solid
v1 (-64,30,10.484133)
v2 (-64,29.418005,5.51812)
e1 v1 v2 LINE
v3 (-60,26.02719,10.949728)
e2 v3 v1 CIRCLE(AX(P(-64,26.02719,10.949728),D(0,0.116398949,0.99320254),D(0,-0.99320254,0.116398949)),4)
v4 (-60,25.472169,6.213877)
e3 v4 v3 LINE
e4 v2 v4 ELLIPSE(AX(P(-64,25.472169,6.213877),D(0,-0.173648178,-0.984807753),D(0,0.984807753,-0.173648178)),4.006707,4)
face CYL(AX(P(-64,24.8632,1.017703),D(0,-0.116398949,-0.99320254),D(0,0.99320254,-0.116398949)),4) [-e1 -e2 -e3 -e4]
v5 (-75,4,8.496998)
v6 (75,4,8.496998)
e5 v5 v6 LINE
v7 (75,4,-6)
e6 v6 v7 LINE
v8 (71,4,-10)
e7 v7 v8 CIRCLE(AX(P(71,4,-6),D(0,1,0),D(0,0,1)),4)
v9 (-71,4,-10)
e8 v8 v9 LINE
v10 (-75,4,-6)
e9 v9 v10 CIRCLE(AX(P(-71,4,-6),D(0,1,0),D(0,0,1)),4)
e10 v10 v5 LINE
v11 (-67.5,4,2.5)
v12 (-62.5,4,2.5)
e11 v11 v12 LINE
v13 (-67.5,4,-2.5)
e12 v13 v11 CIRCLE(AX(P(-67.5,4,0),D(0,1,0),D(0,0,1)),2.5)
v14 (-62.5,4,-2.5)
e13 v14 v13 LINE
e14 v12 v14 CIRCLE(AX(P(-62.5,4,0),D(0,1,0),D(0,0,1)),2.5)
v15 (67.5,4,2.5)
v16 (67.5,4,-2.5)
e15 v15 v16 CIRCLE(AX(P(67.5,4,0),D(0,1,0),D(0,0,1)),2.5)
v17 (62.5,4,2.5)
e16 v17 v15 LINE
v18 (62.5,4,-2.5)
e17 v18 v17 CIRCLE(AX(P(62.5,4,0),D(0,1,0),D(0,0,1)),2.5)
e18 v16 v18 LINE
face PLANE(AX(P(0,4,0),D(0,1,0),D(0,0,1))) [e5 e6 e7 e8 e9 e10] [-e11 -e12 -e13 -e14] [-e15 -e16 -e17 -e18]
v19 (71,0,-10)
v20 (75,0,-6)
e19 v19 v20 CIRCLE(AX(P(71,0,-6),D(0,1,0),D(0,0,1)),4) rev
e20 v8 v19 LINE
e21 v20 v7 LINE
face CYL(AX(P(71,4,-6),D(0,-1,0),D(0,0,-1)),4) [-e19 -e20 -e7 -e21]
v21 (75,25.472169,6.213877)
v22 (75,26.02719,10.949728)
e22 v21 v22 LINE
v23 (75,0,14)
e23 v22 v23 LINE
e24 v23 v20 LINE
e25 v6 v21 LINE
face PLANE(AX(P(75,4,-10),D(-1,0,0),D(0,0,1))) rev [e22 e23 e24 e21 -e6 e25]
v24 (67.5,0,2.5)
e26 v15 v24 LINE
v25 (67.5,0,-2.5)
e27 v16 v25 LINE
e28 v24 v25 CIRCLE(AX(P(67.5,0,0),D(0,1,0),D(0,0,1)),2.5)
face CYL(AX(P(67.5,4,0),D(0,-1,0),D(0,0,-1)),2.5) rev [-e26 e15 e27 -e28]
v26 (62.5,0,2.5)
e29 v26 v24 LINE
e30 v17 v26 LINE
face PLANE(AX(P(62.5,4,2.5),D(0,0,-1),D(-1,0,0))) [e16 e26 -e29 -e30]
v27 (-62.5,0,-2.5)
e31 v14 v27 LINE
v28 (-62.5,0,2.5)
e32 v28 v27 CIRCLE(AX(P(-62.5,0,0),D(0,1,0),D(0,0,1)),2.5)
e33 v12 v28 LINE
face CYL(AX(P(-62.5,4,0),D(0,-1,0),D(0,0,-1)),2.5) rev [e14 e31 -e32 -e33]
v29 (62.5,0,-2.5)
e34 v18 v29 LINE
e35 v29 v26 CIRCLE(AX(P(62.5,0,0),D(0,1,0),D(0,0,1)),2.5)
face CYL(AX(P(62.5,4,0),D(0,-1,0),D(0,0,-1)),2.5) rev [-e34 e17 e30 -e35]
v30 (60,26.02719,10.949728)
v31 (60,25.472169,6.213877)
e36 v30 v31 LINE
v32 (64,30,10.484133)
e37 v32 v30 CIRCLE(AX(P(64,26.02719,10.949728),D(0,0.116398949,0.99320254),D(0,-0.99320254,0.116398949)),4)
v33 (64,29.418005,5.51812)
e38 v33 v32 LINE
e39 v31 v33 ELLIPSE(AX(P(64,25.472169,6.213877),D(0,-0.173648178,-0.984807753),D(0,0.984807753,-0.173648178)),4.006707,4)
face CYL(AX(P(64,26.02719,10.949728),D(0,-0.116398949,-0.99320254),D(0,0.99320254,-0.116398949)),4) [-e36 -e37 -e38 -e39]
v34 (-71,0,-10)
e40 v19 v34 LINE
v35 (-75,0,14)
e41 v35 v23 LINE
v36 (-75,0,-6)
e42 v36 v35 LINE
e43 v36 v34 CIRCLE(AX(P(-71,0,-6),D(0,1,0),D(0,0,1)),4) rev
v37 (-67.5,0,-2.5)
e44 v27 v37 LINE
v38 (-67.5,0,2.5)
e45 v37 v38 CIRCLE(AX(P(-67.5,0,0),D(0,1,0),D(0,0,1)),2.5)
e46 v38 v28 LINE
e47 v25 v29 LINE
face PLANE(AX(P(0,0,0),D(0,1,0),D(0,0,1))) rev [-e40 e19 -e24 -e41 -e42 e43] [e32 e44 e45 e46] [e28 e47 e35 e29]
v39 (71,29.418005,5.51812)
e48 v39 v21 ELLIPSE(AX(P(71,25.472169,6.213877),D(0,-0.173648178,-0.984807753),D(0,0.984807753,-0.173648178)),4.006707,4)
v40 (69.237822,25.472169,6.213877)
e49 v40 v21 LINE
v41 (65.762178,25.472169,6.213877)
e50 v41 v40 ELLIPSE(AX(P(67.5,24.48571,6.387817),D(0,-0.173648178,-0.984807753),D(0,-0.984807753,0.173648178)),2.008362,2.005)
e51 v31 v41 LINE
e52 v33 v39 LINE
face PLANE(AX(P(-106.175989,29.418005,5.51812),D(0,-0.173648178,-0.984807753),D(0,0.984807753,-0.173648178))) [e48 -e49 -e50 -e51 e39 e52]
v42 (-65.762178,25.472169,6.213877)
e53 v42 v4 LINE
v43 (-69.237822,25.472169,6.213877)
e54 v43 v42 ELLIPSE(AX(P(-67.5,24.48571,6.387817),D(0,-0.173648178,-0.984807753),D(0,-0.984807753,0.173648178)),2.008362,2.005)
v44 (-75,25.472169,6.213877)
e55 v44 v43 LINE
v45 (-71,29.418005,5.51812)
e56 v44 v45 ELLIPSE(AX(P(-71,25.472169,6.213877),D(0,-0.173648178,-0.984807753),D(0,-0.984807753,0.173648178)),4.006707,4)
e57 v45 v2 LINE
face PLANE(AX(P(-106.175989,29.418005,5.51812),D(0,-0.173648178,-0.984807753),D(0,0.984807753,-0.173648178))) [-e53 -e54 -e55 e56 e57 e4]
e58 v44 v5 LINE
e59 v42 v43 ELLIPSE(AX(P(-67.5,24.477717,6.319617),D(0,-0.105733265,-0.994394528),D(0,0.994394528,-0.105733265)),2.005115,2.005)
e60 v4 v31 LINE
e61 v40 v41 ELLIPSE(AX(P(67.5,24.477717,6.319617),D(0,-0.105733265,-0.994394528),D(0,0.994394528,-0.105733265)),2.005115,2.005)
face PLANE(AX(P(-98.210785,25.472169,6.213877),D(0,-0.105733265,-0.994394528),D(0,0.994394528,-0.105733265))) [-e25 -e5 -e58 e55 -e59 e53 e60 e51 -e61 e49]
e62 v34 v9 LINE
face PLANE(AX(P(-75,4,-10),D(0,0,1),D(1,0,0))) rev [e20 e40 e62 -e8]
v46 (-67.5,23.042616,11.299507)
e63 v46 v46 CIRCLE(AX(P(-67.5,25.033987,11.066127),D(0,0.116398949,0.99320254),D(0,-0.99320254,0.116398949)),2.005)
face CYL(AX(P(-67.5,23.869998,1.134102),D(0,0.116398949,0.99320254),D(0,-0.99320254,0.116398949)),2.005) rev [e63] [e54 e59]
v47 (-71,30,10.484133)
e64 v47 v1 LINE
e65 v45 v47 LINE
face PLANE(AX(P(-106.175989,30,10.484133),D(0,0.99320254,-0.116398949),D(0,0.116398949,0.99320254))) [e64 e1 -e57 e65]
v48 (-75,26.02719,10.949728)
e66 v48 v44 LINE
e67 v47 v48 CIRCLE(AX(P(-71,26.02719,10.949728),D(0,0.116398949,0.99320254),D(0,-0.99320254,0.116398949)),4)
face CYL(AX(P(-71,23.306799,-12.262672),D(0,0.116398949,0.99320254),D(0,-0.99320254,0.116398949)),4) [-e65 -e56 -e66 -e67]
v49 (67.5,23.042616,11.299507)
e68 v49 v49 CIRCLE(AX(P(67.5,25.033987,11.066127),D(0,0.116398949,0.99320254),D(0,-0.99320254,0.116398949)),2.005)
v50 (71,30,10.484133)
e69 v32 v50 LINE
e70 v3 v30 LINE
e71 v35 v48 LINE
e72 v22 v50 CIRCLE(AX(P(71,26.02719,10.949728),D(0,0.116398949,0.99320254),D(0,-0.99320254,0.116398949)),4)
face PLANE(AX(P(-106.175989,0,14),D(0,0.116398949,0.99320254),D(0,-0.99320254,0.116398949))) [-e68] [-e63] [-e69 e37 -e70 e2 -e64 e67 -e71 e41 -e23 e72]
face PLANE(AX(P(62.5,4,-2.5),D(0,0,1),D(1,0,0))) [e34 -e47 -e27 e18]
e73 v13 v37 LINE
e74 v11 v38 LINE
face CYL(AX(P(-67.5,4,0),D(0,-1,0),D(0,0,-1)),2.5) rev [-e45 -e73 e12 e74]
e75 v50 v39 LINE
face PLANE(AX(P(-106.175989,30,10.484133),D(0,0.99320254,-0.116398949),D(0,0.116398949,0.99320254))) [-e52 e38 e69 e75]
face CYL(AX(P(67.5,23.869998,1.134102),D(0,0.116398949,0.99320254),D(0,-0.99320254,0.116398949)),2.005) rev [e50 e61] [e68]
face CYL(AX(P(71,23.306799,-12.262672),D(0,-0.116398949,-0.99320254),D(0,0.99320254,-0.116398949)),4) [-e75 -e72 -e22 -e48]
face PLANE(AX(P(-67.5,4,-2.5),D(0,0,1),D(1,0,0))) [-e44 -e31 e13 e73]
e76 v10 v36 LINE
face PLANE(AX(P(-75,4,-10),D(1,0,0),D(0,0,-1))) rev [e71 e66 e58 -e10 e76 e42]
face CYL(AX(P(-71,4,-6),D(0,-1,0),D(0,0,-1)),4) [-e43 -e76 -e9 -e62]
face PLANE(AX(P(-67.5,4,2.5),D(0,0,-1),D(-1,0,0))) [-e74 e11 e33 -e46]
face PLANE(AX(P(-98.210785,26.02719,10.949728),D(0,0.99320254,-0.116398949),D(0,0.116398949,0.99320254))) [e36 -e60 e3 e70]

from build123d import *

# Parameters (mm, degrees)
SKETCH1_W           = 150
SKETCH1_H           = 20
BOSS_EXTRUDE1_DEPTH = 4
BOSS_EXTRUDE3_DEPTH = 150
FILLET1_R           = 4
SKETCH4_W           = 120
SKETCH4_H           = 25.205319461
CUT_EXTRUDE1_DEPTH  = 10
FILLET2_R           = 4
FILLET3_R           = 4
SKETCH6_W           = 124
SKETCH6_H           = 7.02135472
BOSS_EXTRUDE4_DEPTH = 4
BOSS_EXTRUDE5_START = -150
BOSS_EXTRUDE5_DEPTH = 150
SKETCH5_R           = 2.005
CUT_EXTRUDE2_DEPTH  = 10


with BuildPart() as part:
    # Sketch1 → Boss-Extrude1 (new body)
    with BuildSketch(Plane(origin=(0, 0, 0), x_dir=(1, 0, 0), z_dir=(0, 1, 0))):
        Rectangle(SKETCH1_W, SKETCH1_H)
        with BuildLine():
            Line((-67.5, 2.5), (-62.5, 2.5))
            ThreePointArc((-62.5, 2.5), (-60, 0), (-62.5, -2.5))
            Line((-62.5, -2.5), (-67.5, -2.5))
            ThreePointArc((-67.5, -2.5), (-70, 0), (-67.5, 2.5))
        make_face(mode=Mode.SUBTRACT)
        with BuildLine():
            Line((62.5, 2.5), (67.5, 2.5))
            ThreePointArc((67.5, 2.5), (70, 0), (67.5, -2.5))
            Line((67.5, -2.5), (62.5, -2.5))
            ThreePointArc((62.5, -2.5), (60, 0), (62.5, 2.5))
        make_face(mode=Mode.SUBTRACT)
    extrude(amount=BOSS_EXTRUDE1_DEPTH)

    # Sketch3 → Boss-Extrude3 (add)
    with BuildSketch(Plane(origin=(75, 0, 0), x_dir=(0, 0, -1), z_dir=(1, 0, 0))):
        Polygon((-10, 0), (-14, 0), (-10.484132576, 30), (-5.518119877, 29.418005257), (-10, 4), align=None)
    extrude(amount=-BOSS_EXTRUDE3_DEPTH)

    # Fillet1
    fillet1_edges = [part.edges().sort_by_distance(p)[0] for p in [
        (75, 29.709002629, 8.001126226),
        (-75, 29.709002629, 8.001126226),
    ]]
    fillet(fillet1_edges, radius=FILLET1_R)

    # Sketch4 → Cut-Extrude1 (cut)
    with BuildSketch(Plane(origin=(0, 1.618508238, 13.810317987), x_dir=(1, 0, 0), z_dir=(0, 0.11639894850026859, 0.9932025396604823))):
        with Locations((0, 15.973074452)):
            Rectangle(SKETCH4_W, SKETCH4_H)
    extrude(amount=-CUT_EXTRUDE1_DEPTH, mode=Mode.SUBTRACT)

    # Fillet2
    fillet2_edges = [part.edges().sort_by_distance(p)[0] for p in [
        (-60, 29.709002629, 8.001126226),
        (60, 29.709002629, 8.001126226),
    ]]
    fillet(fillet2_edges, radius=FILLET2_R)

    # Fillet3
    fillet3_edges = [part.edges().sort_by_distance(p)[0] for p in [
        (-75, 2, -10),
        (75, 2, -10),
    ]]
    fillet(fillet3_edges, radius=FILLET3_R)

    # Sketch6 → Boss-Extrude4 (add)
    with BuildSketch(Plane(origin=(0, 4, 0), x_dir=(1, 0, 0), z_dir=(0, 1, 0))):
        with Locations((2, -6.973455216)):
            Rectangle(SKETCH6_W, SKETCH6_H)
    extrude(amount=-BOSS_EXTRUDE4_DEPTH)

    # Sketch8 → Boss-Extrude5 (add)
    with BuildSketch(Plane(origin=(75, 0, 0), x_dir=(0, 0, -1), z_dir=(1, 0, 0)).offset(BOSS_EXTRUDE5_START)):
        Polygon((-6.213877267, 25.472169021), (-8.496997767, 4), (-13.531217677, 4), (-10.94972837, 26.027189841), align=None)
    extrude(amount=BOSS_EXTRUDE5_DEPTH)

    # Sketch5 → Cut-Extrude2 (cut)
    with BuildSketch(Plane(origin=(0, 1.618508238, 13.810317987), x_dir=(1, 0, 0), z_dir=(0, 0.11639894850026859, 0.9932025396604823))):
        with Locations(Location((-67.5, 23.575734182, 0), (0, 0, 270))):
            Circle(SKETCH5_R)
        with Locations(Location((67.5, 23.575734182, 0), (0, 0, 270))):
            Circle(SKETCH5_R)
    extrude(amount=-CUT_EXTRUDE2_DEPTH, mode=Mode.SUBTRACT)


solid = part.part
